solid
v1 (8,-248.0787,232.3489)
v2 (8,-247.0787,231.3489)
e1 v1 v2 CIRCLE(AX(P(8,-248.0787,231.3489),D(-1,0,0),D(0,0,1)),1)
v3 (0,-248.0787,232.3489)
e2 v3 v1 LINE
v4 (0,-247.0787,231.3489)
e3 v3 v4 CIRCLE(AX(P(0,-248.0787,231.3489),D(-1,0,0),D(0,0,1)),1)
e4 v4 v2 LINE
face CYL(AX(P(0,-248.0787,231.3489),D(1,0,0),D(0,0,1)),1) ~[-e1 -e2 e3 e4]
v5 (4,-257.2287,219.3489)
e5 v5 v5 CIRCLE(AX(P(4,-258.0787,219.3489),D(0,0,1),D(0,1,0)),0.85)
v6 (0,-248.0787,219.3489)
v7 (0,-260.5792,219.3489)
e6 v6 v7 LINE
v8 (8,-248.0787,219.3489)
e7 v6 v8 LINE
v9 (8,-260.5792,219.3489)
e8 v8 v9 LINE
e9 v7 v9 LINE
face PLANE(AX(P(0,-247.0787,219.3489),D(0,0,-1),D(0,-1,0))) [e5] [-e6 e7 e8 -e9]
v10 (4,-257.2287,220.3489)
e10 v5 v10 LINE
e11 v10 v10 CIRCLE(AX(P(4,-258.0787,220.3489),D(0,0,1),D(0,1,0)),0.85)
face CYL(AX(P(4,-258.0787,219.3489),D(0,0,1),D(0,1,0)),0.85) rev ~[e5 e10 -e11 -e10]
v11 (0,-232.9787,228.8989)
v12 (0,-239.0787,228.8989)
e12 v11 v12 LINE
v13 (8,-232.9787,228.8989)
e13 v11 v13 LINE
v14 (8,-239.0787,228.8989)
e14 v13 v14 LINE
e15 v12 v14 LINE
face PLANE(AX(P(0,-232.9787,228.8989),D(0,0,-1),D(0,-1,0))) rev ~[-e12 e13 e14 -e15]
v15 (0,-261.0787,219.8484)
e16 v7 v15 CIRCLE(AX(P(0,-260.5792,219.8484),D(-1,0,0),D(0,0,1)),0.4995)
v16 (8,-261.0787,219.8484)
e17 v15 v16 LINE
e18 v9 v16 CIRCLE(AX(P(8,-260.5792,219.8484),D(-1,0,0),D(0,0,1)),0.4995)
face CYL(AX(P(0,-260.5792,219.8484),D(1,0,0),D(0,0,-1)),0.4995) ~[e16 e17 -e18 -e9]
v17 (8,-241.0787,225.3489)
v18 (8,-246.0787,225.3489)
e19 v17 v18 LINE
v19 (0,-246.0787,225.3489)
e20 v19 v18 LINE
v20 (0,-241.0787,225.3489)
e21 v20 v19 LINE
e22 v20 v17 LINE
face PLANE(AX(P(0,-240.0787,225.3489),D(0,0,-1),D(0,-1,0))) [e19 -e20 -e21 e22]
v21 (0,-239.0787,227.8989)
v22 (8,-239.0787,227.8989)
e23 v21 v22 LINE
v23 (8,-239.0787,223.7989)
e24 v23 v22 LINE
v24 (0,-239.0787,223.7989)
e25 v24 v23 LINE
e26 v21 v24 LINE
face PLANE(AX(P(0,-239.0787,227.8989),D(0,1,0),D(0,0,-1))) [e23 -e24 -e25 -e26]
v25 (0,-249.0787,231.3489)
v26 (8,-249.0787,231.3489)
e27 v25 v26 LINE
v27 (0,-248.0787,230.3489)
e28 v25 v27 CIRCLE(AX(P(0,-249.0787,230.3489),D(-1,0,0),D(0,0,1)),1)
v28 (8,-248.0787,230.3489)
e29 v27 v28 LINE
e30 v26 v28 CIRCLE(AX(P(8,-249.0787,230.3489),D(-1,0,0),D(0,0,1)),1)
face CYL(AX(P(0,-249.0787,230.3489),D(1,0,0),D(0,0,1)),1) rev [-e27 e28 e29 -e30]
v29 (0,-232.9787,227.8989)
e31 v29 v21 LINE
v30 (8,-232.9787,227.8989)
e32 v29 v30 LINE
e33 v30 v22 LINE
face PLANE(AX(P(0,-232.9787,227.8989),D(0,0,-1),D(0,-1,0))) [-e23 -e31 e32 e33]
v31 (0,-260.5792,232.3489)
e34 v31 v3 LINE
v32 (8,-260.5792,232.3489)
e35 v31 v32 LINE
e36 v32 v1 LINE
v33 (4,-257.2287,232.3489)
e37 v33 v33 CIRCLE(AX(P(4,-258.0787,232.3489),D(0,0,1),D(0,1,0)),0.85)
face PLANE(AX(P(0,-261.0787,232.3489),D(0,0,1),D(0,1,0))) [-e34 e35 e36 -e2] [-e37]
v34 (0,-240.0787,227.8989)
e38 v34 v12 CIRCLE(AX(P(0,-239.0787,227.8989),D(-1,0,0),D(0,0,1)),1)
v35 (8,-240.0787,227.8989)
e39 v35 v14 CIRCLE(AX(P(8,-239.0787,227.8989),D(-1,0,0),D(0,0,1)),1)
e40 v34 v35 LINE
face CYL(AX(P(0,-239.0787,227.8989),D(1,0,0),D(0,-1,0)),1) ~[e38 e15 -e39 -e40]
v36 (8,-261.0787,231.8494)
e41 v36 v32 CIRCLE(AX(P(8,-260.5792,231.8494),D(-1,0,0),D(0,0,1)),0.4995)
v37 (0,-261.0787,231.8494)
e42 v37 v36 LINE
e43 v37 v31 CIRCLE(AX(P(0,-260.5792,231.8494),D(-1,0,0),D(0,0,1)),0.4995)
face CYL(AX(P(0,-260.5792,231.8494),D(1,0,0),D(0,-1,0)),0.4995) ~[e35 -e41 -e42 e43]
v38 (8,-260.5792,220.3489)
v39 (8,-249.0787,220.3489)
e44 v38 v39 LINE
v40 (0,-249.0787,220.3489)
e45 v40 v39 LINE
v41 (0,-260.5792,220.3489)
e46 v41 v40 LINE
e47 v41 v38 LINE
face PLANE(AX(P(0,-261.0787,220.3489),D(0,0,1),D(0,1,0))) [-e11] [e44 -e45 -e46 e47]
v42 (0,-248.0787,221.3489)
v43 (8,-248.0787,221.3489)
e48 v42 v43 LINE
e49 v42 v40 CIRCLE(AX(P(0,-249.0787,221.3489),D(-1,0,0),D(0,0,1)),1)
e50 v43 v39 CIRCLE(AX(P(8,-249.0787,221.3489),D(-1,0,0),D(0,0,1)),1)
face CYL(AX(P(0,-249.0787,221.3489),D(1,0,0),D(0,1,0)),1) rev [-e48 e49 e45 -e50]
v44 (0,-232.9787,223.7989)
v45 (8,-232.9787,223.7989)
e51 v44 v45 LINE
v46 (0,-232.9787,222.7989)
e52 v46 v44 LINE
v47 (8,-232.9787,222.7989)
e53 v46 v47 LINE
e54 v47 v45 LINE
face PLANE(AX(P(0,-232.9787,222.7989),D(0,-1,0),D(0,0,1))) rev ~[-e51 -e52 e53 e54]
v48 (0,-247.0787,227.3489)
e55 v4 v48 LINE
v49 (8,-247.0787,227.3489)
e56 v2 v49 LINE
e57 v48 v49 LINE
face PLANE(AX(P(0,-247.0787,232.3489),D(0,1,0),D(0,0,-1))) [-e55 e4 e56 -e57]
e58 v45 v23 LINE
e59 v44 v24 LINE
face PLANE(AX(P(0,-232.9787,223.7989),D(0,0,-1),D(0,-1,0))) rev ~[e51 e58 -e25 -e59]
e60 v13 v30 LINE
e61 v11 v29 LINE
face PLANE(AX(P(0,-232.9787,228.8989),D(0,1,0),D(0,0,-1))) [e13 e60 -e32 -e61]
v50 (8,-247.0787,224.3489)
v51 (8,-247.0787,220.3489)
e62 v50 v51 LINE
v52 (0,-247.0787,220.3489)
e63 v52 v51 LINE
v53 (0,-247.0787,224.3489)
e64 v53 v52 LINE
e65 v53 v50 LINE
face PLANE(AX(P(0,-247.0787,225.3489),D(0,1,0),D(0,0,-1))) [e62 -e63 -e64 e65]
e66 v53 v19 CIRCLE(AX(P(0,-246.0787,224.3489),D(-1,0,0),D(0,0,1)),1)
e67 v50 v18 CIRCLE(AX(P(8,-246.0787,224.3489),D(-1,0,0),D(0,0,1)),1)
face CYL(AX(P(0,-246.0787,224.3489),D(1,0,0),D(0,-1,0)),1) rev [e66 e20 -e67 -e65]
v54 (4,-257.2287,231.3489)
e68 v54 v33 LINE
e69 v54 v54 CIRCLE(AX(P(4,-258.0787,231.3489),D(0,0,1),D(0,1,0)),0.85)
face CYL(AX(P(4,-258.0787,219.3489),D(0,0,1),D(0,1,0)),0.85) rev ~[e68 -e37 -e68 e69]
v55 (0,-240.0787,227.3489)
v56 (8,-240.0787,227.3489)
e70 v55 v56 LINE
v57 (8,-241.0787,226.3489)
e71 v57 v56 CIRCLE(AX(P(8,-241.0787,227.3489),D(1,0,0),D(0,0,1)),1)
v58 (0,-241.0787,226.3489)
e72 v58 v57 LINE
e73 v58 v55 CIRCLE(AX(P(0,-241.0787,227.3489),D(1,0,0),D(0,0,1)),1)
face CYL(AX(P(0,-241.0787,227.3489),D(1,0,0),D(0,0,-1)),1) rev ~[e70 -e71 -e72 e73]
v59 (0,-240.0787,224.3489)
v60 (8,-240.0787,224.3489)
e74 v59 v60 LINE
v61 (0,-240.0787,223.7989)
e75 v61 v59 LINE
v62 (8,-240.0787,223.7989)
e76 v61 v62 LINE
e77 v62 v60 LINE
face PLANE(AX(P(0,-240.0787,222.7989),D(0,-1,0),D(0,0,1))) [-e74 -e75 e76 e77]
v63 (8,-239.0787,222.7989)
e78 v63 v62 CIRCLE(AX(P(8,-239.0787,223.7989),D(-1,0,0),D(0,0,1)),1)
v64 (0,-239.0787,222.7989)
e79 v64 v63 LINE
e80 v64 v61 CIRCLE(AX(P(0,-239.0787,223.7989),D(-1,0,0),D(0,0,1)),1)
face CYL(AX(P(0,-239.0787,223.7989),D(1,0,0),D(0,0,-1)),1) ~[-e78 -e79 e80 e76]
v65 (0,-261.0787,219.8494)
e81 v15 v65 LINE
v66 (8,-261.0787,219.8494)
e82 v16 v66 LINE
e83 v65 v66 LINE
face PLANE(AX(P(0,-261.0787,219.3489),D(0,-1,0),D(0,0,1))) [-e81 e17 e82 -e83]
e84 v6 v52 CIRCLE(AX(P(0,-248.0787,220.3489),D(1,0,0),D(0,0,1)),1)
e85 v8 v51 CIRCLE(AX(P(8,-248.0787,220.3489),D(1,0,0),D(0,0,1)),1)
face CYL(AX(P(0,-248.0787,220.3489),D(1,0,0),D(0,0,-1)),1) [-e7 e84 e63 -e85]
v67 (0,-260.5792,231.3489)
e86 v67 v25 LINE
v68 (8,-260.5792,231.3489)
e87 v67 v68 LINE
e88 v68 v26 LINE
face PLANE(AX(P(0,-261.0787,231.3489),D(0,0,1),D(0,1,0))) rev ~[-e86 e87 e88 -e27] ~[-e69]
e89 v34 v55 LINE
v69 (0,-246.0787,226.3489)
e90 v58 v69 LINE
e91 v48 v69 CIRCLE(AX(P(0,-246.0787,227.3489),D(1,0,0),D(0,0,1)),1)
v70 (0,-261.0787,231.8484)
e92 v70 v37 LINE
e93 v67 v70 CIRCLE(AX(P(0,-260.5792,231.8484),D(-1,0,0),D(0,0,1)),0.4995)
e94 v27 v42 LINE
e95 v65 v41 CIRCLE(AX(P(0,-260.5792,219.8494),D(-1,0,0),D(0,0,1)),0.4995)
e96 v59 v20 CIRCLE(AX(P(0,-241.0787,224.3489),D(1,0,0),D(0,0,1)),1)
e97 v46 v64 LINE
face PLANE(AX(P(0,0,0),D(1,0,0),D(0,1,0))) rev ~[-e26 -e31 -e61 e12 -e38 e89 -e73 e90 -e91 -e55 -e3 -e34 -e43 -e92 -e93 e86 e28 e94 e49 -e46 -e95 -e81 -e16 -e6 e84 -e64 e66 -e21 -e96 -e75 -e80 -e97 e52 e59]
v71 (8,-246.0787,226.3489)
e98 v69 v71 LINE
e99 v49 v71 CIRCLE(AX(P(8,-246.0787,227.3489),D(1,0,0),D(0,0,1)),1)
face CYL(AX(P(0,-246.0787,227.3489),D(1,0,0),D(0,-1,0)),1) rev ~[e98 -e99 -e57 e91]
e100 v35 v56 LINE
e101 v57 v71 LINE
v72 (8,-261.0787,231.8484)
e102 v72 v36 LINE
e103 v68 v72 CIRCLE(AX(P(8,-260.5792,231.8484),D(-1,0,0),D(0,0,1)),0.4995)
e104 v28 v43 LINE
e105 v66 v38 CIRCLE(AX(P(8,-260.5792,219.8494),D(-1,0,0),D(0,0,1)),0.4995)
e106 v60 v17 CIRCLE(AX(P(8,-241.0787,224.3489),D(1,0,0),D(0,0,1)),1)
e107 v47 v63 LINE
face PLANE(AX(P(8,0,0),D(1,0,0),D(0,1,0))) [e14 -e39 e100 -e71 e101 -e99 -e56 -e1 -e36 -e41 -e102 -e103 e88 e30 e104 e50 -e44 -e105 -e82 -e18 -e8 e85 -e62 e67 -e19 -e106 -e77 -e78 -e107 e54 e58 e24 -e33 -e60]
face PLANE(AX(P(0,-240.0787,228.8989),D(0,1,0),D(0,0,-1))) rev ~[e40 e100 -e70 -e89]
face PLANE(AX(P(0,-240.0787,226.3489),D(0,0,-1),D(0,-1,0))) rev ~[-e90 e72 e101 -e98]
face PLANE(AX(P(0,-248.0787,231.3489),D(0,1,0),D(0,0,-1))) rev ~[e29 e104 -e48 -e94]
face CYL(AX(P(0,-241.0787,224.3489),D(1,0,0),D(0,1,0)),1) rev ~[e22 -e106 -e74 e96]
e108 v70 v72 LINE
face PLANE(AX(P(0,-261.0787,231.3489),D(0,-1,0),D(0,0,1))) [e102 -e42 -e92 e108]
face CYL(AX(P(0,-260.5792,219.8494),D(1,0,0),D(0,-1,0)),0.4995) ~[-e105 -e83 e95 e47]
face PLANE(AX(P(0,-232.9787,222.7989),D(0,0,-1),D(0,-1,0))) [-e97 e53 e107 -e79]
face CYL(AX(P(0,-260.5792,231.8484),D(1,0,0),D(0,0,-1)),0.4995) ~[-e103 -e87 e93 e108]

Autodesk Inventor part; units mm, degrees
ref_plane "YZ Plane" through (0, 0, 0) normal (1, 0, 0) x (0, 1, 0)
ref_plane "XZ Plane" through (0, 0, 0) normal (0, 1, 0) x (-1, 0, 0)
ref_plane "XY Plane" through (0, 0, 0) normal (0, 0, 1) x (1, 0, 0)
sketch "Sketch1" plane through (0, 0, 0) normal (1, 0, 0) x (0, 1, 0)
  line L0 (-232.9787, 228.8989) -> (-240.0787, 228.8989)
  line L1 (-240.0787, 228.8989) -> (-240.0787, 226.3489)
  line L2 (-240.0787, 226.3489) -> (-247.0787, 226.3489)
  line L3 (-261.0787, 231.3489) -> (-248.0787, 231.3489)
  line L4 (-232.9787, 228.8989) -> (-232.9787, 227.8989)
  line L5 (-232.9787, 227.8989) -> (-239.0787, 227.8989)
  line L6 (-239.0787, 227.8989) -> (-239.0787, 227.8489)
  line L7 (-258.789, 225.8489) -> (279.9992, 225.8489) construction
  line L8 (-232.9787, 222.7989) -> (-240.0787, 222.7989)
  line L9 (-240.0787, 222.7989) -> (-240.0787, 225.3489)
  line L10 (-240.0787, 225.3489) -> (-247.0787, 225.3489)
  line L11 (-261.0787, 220.3489) -> (-248.0787, 220.3489)
  line L12 (-232.9787, 222.7989) -> (-232.9787, 223.7989)
  line L13 (-232.9787, 223.7989) -> (-239.0787, 223.7989)
  line L14 (-239.0787, 223.7989) -> (-239.0787, 227.8489)
  line L15 (-248.0787, 231.3489) -> (-248.0787, 220.3489)
  line L16 (-261.0787, 231.3489) -> (-261.0787, 232.3489)
  line L17 (-261.0787, 232.3489) -> (-247.0787, 232.3489)
  line L18 (-247.0787, 232.3489) -> (-247.0787, 226.3489)
  line L19 (-247.0787, 225.3489) -> (-247.0787, 219.3489)
  line L20 (-247.0787, 219.3489) -> (-261.0787, 219.3489)
  line L21 (-261.0787, 219.3489) -> (-261.0787, 220.3489)
  point P0 (0, 0)
  dimension "d4" = 1
  dimension "d6" = 4.1
  dimension "d9" = 1
  dimension "d10" = 1
  dimension "d13" = 6.1
  dimension "d14" = 11
  dimension "d15" = 1
  dimension "d16" = 1
  dimension "d17" = 1
  dimension "d29" = 13
  dimension "d32" = 7
extrude "Extrusion1" add sketch "Sketch1" along normal blind 8
sketch "Sketch2" plane through (0, -261.0787, 219.3489) normal (0, 0, -1) x (-1, 0, 0)
  line L0 (0, 14) -> (-8, 14) projected
  line L1 (0, 0) -> (0, 14) projected
  point P0 (0, 261.0787)
  point P1 (-4, 3)
  dimension "d25" = 11
  dimension "d26" = 4
  dimension "d27" = 8
  dimension "d28" = 14
hole "Hole1" at (4, -258.0787, 219.3489) direction (0, 0, 1) diameter 1.7 end through all
fillet "Fillet1" radius 0.5 4 edges at (4, -261.0787, 231.3489) (4, -261.0787, 232.3489) (4, -261.0787, 220.3489) (4, -261.0787, 219.3489)
fillet "Fillet2" radius 1 10 edges at (4, -247.0787, 232.3489) (4, -248.0787, 231.3489) (4, -247.0787, 219.3489) (4, -248.0787, 220.3489) (4, -247.0787, 225.3489) (4, -247.0787, 226.3489) (4, -240.0787, 226.3489) (4, -240.0787, 222.7989) (4, -240.0787, 225.3489) (4, -240.0787, 228.8989)
equation "\"d26\" = 0.5 * d27"
properties part number "back_wheel_interface"
